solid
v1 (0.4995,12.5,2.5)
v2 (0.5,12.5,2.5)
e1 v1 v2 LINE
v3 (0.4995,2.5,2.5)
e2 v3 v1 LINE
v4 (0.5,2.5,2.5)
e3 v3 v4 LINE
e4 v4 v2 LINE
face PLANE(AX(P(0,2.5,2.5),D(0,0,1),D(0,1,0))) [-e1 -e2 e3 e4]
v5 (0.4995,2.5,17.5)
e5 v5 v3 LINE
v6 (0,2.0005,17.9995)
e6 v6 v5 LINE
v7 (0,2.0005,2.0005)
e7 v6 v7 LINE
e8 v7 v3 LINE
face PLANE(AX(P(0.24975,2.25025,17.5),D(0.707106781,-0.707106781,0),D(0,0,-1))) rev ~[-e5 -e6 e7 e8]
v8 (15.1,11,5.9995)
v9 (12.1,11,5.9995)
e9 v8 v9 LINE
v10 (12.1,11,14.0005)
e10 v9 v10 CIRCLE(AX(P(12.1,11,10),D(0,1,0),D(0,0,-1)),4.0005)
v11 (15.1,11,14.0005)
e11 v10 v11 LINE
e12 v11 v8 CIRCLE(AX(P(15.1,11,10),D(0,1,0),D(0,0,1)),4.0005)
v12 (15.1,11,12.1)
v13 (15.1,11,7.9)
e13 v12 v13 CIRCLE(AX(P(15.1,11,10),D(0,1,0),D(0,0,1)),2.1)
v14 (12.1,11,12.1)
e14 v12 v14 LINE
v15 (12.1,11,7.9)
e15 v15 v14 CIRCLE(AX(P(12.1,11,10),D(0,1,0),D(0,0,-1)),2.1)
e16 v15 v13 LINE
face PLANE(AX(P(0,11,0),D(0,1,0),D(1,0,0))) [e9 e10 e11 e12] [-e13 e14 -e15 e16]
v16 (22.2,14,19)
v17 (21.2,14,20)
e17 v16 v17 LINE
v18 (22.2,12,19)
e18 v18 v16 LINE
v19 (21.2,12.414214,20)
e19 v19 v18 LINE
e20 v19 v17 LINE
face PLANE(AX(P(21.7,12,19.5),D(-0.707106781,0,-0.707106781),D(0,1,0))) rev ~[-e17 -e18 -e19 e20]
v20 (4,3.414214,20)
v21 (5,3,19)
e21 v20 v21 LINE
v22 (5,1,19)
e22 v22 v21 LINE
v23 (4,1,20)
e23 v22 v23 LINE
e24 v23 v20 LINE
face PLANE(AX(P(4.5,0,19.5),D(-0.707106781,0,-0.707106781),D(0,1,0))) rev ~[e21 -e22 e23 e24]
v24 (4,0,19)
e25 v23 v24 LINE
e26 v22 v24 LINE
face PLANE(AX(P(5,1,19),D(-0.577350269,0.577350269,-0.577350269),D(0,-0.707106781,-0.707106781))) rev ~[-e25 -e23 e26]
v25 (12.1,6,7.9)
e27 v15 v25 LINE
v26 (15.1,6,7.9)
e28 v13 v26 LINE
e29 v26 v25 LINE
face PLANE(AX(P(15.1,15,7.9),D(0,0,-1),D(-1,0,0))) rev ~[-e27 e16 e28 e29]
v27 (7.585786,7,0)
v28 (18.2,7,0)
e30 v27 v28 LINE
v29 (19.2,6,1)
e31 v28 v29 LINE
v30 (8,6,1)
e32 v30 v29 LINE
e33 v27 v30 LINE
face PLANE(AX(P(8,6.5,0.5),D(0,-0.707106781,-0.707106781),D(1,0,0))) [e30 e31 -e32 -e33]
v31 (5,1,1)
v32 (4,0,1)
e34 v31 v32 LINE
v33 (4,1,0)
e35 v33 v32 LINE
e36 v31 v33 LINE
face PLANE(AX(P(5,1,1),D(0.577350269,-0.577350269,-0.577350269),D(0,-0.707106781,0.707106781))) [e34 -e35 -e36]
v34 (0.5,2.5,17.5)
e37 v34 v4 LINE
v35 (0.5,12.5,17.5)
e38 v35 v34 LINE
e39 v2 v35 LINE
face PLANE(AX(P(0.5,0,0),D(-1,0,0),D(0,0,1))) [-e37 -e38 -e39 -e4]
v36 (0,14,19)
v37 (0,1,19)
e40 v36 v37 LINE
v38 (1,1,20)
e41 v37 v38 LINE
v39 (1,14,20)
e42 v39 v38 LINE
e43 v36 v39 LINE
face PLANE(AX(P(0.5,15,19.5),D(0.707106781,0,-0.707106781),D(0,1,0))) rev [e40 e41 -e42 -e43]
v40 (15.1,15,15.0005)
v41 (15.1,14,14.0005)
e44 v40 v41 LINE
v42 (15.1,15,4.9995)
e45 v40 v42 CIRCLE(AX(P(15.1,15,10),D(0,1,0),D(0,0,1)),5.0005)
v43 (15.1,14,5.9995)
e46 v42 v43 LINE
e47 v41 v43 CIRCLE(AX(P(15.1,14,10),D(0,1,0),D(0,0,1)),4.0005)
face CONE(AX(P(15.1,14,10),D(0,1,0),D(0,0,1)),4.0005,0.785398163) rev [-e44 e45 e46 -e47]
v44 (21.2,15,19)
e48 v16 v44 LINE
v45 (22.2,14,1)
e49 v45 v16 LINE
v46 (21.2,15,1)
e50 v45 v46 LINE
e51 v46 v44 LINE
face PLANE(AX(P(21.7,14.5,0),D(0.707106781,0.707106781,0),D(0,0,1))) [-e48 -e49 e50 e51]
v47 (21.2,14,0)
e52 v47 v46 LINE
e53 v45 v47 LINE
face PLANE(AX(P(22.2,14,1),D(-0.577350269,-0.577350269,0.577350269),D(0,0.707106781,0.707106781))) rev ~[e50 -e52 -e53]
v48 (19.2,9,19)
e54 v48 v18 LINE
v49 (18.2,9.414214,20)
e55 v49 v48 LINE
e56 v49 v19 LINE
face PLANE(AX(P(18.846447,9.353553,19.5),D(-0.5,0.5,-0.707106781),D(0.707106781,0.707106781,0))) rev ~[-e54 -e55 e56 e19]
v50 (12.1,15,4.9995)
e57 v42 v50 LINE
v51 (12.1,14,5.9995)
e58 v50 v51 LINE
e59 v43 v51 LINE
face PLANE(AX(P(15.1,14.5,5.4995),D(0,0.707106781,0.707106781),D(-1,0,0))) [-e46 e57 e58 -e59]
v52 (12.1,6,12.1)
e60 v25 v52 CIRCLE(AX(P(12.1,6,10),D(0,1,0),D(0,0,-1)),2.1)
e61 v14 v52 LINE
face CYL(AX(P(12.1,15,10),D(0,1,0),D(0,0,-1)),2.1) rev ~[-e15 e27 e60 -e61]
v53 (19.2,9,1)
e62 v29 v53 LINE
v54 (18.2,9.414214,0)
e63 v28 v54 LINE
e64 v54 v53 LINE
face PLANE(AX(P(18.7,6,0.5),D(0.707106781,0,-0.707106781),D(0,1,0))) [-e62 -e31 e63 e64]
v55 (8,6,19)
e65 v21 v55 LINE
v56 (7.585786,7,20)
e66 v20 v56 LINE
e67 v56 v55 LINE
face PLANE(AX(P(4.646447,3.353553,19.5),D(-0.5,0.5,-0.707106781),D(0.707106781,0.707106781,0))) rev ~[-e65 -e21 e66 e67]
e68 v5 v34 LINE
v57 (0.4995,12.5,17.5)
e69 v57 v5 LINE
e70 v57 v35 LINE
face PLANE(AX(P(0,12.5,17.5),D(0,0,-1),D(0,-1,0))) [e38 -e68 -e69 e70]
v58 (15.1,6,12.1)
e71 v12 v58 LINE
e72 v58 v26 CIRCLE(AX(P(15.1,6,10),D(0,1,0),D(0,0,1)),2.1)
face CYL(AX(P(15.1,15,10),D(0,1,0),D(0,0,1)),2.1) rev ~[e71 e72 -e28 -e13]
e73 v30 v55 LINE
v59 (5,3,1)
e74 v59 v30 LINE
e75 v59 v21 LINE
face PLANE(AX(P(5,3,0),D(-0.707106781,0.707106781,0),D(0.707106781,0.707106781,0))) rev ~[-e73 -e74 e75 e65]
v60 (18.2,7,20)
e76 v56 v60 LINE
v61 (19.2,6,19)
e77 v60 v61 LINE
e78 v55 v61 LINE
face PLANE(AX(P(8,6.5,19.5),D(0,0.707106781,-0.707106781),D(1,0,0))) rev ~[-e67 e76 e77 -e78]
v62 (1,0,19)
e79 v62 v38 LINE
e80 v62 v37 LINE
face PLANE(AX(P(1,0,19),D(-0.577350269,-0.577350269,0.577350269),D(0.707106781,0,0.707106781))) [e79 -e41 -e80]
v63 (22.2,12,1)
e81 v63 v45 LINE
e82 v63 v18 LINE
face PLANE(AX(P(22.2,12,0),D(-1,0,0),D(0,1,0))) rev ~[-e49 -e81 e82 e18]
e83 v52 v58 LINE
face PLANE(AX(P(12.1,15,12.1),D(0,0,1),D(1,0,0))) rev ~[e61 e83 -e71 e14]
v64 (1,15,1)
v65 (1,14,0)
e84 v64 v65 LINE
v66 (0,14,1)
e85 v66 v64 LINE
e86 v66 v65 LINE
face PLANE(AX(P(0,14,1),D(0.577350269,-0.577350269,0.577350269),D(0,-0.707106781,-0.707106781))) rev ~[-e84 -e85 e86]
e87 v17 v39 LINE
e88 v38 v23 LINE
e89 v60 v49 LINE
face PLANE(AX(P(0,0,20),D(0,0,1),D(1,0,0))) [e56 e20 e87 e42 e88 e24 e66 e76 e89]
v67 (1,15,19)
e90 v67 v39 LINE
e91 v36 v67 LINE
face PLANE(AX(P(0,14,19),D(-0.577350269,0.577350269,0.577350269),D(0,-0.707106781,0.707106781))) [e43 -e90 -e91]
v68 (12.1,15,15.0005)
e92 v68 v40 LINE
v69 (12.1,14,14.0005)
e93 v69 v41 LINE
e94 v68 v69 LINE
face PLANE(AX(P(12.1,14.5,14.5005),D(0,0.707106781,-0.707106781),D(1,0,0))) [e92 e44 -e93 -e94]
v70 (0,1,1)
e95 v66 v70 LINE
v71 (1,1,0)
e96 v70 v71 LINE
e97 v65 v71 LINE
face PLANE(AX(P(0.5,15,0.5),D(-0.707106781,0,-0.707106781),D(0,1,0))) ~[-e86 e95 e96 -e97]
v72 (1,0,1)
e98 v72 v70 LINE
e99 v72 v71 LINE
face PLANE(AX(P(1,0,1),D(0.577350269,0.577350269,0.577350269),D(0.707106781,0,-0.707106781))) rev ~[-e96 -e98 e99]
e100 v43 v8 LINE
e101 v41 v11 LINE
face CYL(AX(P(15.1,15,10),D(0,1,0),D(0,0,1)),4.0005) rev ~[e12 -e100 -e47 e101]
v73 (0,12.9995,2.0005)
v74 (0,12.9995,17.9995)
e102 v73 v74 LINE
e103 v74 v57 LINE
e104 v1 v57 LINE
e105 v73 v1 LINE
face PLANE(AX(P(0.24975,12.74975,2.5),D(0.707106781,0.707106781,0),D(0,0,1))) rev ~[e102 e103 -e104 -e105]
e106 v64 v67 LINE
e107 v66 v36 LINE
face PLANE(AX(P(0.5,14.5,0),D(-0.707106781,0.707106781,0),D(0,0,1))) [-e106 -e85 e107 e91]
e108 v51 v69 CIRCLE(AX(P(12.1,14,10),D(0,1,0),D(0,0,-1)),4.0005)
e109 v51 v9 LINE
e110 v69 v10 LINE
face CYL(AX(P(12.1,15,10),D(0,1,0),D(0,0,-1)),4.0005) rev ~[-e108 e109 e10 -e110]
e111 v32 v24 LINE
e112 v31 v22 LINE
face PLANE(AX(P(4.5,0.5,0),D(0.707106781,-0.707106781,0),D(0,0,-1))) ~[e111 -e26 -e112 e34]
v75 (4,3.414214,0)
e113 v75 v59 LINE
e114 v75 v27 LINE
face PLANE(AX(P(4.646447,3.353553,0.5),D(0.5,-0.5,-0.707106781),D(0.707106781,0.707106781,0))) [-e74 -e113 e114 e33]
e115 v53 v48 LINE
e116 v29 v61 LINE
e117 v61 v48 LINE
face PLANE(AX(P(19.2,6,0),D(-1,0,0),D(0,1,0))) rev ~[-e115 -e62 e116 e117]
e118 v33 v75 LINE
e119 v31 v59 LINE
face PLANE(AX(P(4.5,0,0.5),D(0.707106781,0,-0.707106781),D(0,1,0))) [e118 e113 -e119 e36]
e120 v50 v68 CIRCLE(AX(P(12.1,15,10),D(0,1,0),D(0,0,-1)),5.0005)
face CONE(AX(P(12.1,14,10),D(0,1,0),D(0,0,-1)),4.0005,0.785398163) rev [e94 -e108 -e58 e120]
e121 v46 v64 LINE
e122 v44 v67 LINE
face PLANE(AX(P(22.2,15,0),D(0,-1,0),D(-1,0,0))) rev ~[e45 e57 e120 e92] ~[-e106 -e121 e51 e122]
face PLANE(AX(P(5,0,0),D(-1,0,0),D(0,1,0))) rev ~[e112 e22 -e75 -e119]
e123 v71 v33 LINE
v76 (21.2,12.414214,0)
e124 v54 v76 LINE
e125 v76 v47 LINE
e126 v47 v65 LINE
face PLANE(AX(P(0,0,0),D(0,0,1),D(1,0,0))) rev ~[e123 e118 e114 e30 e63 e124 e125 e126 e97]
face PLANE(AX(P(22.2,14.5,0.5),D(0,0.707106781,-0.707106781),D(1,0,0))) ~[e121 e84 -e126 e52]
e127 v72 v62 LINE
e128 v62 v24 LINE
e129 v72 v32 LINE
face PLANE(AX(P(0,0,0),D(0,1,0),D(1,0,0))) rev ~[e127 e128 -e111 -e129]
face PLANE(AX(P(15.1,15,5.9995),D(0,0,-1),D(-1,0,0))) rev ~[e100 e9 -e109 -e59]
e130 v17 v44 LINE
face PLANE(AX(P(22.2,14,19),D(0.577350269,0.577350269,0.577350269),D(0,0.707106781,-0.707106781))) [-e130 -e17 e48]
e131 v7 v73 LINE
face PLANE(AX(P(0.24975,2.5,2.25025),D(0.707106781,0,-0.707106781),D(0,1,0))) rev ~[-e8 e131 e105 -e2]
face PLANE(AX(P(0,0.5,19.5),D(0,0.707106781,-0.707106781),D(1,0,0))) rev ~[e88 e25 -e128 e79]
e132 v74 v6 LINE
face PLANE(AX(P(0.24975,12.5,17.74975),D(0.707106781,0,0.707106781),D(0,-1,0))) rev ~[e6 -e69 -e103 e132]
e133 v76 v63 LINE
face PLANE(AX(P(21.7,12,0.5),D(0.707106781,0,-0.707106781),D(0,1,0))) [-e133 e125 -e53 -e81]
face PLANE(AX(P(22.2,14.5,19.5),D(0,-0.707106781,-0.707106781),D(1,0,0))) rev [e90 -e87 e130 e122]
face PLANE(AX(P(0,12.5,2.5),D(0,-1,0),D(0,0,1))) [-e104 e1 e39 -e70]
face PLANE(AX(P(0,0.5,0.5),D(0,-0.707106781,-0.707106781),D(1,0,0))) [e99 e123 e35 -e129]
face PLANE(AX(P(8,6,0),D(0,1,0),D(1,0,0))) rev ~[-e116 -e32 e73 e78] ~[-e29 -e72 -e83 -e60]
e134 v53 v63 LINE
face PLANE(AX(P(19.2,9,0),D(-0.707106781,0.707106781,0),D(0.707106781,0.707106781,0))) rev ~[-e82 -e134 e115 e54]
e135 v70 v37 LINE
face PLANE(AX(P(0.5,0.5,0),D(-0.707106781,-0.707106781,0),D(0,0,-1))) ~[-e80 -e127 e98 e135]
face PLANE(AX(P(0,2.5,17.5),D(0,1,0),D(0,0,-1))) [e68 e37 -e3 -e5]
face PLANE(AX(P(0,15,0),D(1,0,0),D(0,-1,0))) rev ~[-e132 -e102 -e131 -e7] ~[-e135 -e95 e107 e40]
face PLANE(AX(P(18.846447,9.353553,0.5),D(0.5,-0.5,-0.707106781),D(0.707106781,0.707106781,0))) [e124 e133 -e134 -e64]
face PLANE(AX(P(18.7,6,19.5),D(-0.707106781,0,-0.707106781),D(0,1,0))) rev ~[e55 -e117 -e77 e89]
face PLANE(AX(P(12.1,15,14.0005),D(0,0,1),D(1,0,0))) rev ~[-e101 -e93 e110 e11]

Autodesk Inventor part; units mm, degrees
ref_plane "YZ Plane" through (0, 0, 0) normal (1, 0, 0) x (0, 1, 0)
ref_plane "XZ Plane" through (0, 0, 0) normal (0, 1, 0) x (-1, 0, 0)
ref_plane "XY Plane" through (0, 0, 0) normal (0, 0, 1) x (1, 0, 0)
sketch "Base Sketch" plane through (0, 0, 0) normal (0, 0, 1) x (1, 0, 0)
  line L0 (0, 0) -> (5, 0)
  line L1 (5, 0) -> (5, 3)
  line L2 (5, 3) -> (8, 6)
  line L3 (8, 6) -> (19.2, 6)
  line L4 (22.2, 15) -> (0, 15)
  line L5 (0, 15) -> (0, 0)
  line L6 (19.2, 6) -> (19.2, 9)
  line L7 (19.2, 9) -> (22.2, 12)
  line L8 (22.2, 12) -> (22.2, 15)
  dimension "d0" = 45
  dimension "d2" = 5
  dimension "d4" = 11.2
  dimension "d7" = 3
  dimension "d32" = 3
  dimension "d45" = 3
  dimension "d47" = 3
extrude "Profile" add sketch "Base Sketch" along normal blind 20
sketch "CB Slot Sketch" plane through (0, 15, 0) normal (0, 1, 0) x (1, 0, 0)
  line L0 (10, -10) -> (17.2, -10) construction
  line L1 (12.1, -12.1) -> (15.1, -12.1)
  line L2 (15.1, -7.9) -> (12.1, -7.9)
  arc A0 (12.1, -7.9) -> (12.1, -12.1) centre (12.1, -10) ccw
  arc A1 (15.1, -12.1) -> (15.1, -7.9) centre (15.1, -10) ccw
  line L3 (12.1, -10) -> (15.1, -10) construction
  line L4 (12.1, -14.0005) -> (15.1, -14.0005)
  line L5 (15.1, -5.9995) -> (12.1, -5.9995)
  arc A2 (12.1, -5.9995) -> (12.1, -14.0005) centre (12.1, -10) ccw
  arc A3 (15.1, -14.0005) -> (15.1, -5.9995) centre (15.1, -10) ccw
  line L6 (8, 0) -> (19.2, 0) construction
  line L7 (19.2, 0) -> (19.2, -20) construction
  line L8 (8, -20) -> (19.2, -20) construction
  line L9 (8, 0) -> (8, -20) construction
  point P0 (13.6, -10)
  point P1 (10, -10)
  point P2 (8.0995, -10)
  point P3 (13.6, -20)
  point P4 (8, -10)
  dimension "d11" = 4.2
  dimension "d16" = 8.001
  dimension "d24" = 3
extrude "M4 Slot" cut sketch "CB Slot Sketch" against normal through all contours A0 L2 A1 L1
extrude "M4 CB Slot" cut sketch "CB Slot Sketch" against normal blind 4 contours A0 L2 A1 L1 | A2 L5 A3 L4
sketch "Inset Pattern" plane through (0, 0, 0) normal (-1, 0, 0) x (0, 0, 1)
  line L0 (0, 15) -> (0, 0) construction
  line L1 (0, 0) -> (20, 0) construction
  line L2 (20, 15) -> (20, 0) construction
  line L3 (0, 15) -> (20, 15) construction
  line L4 (2.5, 12.5) -> (17.5, 12.5)
  line L5 (17.5, 12.5) -> (17.5, 2.5)
  line L6 (17.5, 2.5) -> (2.5, 2.5)
  line L7 (2.5, 2.5) -> (2.5, 12.5)
  point P0 (17.5, 7.5)
  point P1 (20, 7.5)
  point P2 (10, 12.5)
  point P3 (10, 15)
  dimension "d48" = 15
  dimension "d49" = 10
extrude "Inset" cut sketch "Inset Pattern" against normal blind 0.5
chamfer "Inset Chamfer" distance 0.5 angle 45 4 edges at (0, 12.5, 10) (0, 7.5, 17.5) (0, 7.5, 2.5) (0, 2.5, 10)
chamfer "Edgebreak" distance 1 angle 45 26 edges at (11.1, 15, 20) (11.1, 15, 0) (0, 15, 10) (0, 7.5, 20) (0, 7.5, 0) (0, 0, 10) (2.5, 0, 20) (2.5, 0, 0) (20.7, 10.5, 20) (19.2, 7.5, 20) (13.6, 6, 20) (6.5, 4.5, 20) (5, 1.5, 20) (5, 1.5, 0) (6.5, 4.5, 0) (13.6, 6, 0) (19.2, 7.5, 0) (20.7, 10.5, 0) (19.1005, 15, 10) (13.6, 15, 14.0005) (8.0995, 15, 10) (13.6, 15, 5.9995) (22.2, 13.5, 20) (22.2, 13.5, 0) (22.2, 15, 10) (5, 0, 10)
equation "\"d7\" = d6"
equation "\"d24\" = jawTravel"
equation "\"jawTravel\" = 3"
equation "\"slotLength\" = M4_clearance_hole + jawTravel"
equation "\"M4_clearance_hole\" = 4.2"
equation "\"chamferSize\" = 1"
equation "\"jawThickness\" = 5"
equation "\"topThickness\" = 3"
equation "\"d6\" = 3"
properties part number "Moving Jaw (M4) Normal" material "ABS Plastic"
